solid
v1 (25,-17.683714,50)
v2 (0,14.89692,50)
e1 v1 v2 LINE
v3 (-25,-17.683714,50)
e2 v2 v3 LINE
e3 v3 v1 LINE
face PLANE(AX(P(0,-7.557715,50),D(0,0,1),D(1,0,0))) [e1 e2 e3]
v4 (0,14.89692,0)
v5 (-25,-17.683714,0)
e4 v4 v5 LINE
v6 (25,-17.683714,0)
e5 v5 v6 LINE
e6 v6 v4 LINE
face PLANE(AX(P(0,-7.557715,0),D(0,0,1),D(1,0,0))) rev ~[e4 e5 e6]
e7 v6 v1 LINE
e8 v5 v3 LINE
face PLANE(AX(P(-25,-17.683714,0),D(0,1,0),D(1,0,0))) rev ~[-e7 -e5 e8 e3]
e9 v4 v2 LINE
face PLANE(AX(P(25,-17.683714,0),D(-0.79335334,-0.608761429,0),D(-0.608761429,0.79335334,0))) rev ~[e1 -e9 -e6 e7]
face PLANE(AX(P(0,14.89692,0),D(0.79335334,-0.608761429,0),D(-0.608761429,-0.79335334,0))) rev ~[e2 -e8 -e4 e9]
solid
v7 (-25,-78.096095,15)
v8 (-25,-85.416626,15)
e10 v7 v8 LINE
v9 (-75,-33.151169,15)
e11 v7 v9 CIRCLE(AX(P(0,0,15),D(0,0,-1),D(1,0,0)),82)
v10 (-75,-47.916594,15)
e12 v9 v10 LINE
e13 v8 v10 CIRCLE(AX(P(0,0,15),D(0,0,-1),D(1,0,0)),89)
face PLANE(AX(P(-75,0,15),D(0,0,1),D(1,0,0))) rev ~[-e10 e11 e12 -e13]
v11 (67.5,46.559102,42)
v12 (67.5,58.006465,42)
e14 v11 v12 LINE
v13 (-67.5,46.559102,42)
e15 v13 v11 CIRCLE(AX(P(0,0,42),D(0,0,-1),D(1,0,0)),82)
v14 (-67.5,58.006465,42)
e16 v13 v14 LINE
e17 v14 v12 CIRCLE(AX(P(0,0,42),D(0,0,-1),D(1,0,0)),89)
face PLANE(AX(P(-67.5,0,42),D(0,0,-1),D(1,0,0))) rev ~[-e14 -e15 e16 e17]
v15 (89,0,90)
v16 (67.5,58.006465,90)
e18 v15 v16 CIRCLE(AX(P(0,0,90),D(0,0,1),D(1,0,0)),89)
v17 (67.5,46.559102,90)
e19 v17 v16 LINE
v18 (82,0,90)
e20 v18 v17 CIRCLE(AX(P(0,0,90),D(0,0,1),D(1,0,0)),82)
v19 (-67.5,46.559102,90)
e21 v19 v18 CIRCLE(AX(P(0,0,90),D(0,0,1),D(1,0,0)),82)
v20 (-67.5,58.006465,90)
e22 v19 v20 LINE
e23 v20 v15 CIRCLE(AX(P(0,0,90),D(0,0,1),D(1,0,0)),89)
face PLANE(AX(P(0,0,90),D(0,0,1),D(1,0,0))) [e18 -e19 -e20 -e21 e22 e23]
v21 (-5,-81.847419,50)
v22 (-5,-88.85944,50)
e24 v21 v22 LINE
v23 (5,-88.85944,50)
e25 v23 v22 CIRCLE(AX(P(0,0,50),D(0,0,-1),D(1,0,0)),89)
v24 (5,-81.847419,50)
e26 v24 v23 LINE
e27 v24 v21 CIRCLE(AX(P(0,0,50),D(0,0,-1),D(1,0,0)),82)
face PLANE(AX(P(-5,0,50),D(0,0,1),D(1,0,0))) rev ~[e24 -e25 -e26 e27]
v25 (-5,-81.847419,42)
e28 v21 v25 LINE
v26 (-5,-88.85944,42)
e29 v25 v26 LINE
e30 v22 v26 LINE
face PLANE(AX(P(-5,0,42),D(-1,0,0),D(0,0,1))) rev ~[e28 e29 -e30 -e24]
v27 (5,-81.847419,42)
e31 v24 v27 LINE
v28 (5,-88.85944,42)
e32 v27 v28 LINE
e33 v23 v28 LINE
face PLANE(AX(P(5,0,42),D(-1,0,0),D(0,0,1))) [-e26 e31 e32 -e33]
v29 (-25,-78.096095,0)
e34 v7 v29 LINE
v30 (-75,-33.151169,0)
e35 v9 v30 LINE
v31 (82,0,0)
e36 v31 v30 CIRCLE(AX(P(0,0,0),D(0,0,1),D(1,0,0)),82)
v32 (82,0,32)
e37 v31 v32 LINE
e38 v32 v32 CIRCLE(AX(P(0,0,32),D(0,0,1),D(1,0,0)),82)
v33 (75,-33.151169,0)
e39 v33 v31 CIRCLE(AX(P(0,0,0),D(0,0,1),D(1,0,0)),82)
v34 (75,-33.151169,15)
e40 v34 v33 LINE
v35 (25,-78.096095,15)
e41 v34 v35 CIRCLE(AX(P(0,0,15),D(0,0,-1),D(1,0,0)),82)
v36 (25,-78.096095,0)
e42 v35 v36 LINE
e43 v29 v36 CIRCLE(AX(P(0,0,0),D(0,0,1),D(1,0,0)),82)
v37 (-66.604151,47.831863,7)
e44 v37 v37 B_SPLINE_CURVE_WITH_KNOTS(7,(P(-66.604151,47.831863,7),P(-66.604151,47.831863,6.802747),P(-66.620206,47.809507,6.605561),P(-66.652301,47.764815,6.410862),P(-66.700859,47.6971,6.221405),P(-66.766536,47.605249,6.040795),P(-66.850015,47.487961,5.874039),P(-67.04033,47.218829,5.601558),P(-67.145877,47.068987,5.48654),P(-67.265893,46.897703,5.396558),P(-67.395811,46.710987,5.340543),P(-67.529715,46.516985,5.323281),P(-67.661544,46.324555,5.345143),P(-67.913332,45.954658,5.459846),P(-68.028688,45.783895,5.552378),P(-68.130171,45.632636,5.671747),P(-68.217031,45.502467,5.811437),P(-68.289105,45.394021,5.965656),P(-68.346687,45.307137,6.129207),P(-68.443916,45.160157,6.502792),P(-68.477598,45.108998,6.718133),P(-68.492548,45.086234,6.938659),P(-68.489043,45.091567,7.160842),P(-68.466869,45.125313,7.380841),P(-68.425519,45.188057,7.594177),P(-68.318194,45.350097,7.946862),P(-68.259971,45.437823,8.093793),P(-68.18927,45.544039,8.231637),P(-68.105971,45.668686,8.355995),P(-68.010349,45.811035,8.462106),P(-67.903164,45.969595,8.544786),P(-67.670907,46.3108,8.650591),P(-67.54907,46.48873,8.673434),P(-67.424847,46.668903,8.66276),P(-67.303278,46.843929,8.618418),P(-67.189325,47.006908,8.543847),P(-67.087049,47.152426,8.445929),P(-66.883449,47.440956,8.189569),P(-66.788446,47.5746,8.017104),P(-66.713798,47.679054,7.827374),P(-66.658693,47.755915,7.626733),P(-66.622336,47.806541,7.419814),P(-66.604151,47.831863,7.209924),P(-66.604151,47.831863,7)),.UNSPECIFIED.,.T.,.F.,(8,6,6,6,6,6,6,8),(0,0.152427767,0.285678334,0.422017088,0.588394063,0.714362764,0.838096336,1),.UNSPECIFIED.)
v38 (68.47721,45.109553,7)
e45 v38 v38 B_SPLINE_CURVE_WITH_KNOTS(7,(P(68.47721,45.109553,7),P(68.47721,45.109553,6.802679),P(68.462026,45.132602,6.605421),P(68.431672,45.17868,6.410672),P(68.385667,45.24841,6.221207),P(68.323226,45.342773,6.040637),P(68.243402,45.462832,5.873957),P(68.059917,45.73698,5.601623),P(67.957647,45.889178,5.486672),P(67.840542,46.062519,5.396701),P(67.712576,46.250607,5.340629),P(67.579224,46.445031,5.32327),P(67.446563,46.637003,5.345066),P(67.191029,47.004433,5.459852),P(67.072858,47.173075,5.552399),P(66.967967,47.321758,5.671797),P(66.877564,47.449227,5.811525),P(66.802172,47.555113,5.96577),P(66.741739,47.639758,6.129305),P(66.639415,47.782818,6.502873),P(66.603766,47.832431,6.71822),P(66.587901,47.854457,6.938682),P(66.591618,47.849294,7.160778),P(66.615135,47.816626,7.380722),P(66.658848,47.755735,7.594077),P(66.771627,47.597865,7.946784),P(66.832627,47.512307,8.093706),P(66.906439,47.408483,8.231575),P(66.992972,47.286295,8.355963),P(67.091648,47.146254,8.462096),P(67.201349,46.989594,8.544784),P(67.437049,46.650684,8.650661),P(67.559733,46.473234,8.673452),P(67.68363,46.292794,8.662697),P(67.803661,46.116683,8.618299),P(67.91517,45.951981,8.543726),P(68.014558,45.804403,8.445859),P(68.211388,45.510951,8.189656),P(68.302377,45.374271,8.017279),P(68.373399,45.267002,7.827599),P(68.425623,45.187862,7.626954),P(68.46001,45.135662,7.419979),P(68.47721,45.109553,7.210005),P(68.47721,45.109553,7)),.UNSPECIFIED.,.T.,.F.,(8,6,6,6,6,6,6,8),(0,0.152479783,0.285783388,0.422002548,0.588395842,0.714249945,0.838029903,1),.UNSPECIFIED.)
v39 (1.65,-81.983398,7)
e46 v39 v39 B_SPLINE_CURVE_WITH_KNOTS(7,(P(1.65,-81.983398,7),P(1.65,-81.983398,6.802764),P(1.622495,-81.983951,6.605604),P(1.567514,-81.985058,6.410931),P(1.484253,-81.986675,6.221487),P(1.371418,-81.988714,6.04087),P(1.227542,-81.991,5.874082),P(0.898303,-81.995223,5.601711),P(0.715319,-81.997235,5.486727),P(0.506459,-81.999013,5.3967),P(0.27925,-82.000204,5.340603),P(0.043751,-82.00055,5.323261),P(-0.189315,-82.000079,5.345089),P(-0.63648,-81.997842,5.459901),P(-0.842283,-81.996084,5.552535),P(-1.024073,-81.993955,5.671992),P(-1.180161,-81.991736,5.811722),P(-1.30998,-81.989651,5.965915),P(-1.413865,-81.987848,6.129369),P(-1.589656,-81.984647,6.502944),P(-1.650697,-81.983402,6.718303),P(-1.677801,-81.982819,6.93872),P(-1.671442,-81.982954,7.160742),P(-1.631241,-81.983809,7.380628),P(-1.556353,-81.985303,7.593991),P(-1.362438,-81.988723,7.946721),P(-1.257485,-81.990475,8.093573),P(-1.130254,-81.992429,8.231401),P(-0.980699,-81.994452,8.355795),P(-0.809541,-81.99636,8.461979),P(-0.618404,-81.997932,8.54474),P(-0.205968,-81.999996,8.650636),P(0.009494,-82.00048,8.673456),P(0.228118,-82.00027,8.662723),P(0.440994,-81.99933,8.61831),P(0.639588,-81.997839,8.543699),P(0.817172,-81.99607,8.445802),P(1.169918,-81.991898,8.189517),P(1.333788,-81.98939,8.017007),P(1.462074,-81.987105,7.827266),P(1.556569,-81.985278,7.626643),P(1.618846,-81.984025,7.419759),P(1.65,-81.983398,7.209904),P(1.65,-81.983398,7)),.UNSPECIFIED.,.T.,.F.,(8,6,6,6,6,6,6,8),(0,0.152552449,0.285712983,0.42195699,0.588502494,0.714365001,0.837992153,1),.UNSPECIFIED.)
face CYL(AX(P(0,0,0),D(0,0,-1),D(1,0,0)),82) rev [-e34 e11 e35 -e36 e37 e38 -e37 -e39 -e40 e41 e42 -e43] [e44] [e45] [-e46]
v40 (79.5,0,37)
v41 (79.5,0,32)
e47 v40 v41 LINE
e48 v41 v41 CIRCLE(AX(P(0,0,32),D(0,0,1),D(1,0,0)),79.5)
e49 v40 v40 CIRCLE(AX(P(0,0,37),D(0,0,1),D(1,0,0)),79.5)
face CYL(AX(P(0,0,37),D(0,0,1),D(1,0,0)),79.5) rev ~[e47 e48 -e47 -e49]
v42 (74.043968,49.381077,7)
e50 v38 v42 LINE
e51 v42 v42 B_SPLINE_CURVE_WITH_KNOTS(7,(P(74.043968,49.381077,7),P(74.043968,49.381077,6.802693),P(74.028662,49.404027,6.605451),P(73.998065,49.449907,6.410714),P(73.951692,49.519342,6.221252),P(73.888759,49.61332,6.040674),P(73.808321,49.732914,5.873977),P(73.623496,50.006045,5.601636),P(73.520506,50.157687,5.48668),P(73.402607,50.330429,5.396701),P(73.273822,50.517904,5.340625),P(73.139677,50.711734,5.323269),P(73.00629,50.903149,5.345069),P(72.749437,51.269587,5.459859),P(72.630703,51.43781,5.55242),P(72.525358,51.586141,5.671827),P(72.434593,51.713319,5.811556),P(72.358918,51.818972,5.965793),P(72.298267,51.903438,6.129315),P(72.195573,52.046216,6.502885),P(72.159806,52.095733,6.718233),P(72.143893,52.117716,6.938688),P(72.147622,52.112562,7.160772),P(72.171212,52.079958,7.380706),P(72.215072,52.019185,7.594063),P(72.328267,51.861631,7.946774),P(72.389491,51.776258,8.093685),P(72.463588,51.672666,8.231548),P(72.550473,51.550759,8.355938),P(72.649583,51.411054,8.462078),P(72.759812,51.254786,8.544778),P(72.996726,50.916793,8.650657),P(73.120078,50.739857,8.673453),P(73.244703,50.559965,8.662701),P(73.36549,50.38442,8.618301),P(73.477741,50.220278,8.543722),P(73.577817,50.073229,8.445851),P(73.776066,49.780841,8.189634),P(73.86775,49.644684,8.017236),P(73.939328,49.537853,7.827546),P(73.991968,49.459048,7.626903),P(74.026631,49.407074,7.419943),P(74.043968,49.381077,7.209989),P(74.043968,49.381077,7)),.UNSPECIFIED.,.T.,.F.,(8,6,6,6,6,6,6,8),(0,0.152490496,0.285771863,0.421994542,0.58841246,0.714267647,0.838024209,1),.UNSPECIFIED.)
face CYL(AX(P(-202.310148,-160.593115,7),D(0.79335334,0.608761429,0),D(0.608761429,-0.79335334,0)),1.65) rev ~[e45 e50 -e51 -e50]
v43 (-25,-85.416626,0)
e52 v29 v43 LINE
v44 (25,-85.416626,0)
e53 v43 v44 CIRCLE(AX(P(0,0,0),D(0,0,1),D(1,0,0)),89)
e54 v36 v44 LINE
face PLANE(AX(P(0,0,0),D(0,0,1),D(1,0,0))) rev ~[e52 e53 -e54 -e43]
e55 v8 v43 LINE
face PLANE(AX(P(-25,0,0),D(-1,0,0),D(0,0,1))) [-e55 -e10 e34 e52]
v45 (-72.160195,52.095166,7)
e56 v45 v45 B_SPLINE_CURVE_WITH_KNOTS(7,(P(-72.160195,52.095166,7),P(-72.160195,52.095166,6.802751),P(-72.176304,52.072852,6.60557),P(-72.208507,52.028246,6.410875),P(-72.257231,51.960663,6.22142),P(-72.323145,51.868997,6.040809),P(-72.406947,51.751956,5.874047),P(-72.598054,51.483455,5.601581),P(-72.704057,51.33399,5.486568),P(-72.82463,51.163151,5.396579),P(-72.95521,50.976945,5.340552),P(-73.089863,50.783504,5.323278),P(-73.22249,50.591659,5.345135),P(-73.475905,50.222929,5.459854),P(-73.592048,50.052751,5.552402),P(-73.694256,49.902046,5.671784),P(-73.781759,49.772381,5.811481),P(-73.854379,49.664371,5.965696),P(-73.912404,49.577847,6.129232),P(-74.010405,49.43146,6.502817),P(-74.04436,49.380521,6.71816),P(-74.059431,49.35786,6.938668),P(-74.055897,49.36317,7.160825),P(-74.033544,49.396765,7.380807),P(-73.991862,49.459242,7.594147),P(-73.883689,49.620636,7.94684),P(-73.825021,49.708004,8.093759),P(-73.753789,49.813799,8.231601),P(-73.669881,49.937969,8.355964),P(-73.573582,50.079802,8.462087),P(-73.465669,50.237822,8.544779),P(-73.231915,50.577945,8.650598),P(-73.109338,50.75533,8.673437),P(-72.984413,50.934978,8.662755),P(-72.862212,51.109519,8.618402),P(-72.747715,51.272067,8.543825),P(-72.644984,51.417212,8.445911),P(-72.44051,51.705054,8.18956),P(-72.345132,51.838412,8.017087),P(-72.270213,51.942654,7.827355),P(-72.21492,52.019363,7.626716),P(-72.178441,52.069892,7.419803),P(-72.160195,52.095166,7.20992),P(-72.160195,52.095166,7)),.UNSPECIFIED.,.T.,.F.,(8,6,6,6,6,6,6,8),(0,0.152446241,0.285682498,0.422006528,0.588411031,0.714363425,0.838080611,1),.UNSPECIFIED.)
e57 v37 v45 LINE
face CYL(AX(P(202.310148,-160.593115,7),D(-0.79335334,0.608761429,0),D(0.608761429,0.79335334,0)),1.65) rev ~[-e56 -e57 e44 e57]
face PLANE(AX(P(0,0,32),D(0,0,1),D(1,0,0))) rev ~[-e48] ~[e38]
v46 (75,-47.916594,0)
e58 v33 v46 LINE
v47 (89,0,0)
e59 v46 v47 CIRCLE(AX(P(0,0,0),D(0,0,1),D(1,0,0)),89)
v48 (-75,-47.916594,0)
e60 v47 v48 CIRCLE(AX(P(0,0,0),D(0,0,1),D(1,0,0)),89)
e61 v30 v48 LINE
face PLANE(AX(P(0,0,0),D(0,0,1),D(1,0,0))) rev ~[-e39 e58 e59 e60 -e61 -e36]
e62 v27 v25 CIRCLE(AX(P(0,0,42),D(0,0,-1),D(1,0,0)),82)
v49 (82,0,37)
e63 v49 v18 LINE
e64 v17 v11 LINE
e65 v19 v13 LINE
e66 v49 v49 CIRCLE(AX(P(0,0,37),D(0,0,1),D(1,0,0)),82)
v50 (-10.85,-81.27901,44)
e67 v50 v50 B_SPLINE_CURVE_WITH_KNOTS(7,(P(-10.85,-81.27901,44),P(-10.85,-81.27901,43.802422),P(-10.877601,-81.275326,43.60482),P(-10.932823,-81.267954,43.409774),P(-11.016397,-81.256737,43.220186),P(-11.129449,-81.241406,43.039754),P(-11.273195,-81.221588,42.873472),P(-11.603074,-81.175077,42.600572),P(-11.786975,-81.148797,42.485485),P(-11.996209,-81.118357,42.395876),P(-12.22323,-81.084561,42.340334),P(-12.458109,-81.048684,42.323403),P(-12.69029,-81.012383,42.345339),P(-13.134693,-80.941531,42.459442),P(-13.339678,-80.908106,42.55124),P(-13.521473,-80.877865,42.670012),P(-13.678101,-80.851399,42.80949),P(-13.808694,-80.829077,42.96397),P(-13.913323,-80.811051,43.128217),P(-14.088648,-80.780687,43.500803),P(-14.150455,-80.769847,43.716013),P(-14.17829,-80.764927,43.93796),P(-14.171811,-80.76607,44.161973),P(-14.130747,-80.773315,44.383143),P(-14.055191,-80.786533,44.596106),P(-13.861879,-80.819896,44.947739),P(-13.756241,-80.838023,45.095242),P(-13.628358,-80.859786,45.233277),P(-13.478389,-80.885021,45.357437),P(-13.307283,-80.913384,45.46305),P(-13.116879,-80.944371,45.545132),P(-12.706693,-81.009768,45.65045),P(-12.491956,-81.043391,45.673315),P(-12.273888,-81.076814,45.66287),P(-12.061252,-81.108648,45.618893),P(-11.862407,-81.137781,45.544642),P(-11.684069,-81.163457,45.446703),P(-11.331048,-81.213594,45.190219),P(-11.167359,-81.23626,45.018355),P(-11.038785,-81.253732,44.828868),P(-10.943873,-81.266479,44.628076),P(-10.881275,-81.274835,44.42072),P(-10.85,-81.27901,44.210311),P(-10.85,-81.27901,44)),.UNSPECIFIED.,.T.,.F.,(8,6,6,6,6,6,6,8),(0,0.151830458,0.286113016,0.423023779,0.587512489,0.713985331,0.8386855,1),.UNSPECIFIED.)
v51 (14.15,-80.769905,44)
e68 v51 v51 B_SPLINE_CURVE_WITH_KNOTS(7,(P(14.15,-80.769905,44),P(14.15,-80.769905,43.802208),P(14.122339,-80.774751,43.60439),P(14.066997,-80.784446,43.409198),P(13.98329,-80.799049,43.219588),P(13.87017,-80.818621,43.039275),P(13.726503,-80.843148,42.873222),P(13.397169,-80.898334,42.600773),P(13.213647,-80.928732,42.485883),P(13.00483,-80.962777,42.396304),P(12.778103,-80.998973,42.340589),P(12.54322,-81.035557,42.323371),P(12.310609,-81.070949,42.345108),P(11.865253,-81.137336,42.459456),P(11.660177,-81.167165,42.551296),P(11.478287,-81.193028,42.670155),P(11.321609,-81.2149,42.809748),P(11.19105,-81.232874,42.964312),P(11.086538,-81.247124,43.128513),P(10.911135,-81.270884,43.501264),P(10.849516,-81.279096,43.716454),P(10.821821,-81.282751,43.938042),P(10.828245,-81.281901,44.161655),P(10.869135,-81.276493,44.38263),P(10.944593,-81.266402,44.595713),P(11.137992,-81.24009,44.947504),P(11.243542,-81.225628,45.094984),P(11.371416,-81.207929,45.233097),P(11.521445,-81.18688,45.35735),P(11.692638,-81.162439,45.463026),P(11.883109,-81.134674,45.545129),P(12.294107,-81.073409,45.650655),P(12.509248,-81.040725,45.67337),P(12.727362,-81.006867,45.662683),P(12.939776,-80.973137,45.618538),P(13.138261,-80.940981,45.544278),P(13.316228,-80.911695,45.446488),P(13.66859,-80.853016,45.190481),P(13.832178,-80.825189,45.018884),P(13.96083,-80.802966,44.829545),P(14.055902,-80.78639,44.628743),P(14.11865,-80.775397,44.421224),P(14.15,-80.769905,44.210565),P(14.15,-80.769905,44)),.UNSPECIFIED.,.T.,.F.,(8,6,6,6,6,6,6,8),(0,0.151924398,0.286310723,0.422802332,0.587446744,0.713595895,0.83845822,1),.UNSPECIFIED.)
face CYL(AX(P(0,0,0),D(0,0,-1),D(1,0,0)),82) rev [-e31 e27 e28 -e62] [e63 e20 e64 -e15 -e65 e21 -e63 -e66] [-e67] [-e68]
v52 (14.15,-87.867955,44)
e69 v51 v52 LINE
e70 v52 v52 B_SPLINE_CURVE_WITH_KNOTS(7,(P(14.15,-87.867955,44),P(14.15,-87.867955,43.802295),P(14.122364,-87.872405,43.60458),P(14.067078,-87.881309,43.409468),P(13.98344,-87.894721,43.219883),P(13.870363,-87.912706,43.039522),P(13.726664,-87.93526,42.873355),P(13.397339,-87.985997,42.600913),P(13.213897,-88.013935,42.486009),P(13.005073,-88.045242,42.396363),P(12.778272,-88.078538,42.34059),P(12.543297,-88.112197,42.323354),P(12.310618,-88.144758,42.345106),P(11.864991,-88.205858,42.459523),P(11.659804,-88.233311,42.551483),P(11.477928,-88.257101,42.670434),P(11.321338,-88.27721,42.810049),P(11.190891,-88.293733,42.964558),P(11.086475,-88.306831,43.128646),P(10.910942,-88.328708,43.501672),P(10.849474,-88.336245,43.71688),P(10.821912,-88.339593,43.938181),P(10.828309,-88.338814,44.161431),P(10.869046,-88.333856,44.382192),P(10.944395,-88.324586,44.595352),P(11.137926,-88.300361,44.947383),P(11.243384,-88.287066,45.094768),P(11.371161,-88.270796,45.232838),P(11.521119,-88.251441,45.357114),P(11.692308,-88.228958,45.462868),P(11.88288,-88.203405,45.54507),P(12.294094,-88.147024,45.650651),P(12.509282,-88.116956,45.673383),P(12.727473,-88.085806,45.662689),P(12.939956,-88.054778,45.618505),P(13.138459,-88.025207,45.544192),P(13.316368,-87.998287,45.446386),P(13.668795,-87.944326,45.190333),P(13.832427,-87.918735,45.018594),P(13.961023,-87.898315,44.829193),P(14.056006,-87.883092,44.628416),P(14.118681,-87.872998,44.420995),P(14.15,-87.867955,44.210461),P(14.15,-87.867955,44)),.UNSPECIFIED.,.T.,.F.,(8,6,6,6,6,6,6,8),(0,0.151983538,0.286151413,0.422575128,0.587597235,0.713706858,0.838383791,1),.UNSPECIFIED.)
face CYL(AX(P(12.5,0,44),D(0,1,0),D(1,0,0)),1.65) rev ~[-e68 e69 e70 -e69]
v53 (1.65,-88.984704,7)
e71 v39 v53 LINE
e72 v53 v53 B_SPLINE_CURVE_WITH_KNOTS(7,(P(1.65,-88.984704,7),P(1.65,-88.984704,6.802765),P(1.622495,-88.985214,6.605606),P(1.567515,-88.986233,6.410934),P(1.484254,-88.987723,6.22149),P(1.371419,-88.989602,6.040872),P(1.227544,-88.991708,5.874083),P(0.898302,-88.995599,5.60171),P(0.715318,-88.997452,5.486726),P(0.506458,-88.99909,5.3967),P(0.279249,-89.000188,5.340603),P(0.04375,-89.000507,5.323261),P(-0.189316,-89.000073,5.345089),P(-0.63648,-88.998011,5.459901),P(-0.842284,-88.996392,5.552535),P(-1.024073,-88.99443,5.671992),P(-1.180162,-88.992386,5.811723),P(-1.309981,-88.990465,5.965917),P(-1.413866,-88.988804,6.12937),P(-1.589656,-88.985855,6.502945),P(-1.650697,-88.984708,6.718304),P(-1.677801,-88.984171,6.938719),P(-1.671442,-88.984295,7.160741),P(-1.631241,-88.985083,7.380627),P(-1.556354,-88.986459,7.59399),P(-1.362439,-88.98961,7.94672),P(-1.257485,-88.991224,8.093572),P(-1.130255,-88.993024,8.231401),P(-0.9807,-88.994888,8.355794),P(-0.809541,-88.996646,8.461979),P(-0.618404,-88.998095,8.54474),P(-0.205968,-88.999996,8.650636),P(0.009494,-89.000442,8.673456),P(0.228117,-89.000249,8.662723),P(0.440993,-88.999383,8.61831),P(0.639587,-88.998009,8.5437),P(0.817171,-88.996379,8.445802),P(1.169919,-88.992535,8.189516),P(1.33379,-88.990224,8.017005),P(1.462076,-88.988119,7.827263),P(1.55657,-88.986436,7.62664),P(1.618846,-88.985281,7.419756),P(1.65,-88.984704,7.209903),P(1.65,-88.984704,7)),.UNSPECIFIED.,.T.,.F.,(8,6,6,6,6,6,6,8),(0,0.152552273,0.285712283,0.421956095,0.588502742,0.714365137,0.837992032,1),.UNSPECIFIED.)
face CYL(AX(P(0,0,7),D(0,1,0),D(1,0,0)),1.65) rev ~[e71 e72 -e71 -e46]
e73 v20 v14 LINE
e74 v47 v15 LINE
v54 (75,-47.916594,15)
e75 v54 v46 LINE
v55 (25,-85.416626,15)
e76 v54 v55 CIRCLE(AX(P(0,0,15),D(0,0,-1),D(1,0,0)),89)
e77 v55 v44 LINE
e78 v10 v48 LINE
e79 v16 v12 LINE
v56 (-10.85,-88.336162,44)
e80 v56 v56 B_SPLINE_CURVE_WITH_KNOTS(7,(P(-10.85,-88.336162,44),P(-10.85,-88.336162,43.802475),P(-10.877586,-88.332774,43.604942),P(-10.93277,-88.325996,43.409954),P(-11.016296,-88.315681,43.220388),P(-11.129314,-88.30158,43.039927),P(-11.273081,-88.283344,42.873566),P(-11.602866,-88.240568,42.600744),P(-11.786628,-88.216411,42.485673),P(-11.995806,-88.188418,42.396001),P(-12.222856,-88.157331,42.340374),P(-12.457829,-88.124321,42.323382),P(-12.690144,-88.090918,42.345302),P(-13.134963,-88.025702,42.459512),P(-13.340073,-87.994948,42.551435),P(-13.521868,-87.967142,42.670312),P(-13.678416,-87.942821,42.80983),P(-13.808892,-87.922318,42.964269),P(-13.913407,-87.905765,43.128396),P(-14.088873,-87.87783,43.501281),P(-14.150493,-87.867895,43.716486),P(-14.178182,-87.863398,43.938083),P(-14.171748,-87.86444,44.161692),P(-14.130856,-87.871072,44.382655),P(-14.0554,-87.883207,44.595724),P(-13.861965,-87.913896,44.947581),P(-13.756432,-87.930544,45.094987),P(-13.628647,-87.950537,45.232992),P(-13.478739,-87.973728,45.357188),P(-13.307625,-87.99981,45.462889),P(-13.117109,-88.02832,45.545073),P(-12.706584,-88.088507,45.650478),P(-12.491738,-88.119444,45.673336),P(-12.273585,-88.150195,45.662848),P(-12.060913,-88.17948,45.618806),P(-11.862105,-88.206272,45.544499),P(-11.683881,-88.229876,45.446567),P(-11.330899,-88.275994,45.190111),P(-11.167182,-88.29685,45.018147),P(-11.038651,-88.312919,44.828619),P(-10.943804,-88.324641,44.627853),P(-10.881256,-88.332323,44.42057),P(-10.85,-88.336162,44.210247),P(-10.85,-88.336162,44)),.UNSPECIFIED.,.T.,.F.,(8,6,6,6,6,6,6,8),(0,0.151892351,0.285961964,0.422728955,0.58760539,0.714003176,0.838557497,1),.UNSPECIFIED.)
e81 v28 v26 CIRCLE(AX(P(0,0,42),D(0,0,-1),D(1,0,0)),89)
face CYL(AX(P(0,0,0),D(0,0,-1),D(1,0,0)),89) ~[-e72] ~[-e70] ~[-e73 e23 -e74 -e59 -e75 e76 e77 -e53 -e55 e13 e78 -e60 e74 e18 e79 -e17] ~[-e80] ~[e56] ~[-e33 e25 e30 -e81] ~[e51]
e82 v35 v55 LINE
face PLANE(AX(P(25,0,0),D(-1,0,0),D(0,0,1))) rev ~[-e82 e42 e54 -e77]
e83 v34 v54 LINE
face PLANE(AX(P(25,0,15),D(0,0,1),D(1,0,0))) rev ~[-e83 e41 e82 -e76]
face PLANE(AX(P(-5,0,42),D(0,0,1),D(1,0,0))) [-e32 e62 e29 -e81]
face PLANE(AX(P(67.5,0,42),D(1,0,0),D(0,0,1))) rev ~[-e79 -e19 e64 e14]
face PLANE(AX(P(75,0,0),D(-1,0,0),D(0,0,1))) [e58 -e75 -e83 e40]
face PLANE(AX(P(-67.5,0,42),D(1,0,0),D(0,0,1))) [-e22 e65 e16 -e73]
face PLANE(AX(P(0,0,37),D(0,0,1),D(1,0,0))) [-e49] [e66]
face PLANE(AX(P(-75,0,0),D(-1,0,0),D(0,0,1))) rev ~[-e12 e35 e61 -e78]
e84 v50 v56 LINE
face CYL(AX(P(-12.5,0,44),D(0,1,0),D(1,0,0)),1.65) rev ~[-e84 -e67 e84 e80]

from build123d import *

# Parameters (mm, degrees)
F0_R      = 89
F0_R_2    = 82
F1_DEPTH  = 90
F2_W      = 135
F2_H      = 48
F3_DEPTH  = 130
F4_W      = 10
F4_H      = 8
F5_DEPTH  = 100
F7_D      = 3.3
F7_DEPTH  = 89.001
F9_START  = -5
F8_R      = 82
F8_R_2    = 79.5
F9_DEPTH  = 5
F10_W     = 50
F10_H     = 15
F11_DEPTH = 152.2
F13_DEPTH = 50
F15_D     = 3.3
F17_D     = 3.3


with BuildPart() as f1:
    # F0 (on Top) → F1 (new body)
    with BuildSketch(Plane.XY):
        Circle(F0_R)
        Circle(F0_R_2, mode=Mode.SUBTRACT)
    extrude(amount=F1_DEPTH)

    # F2 (on Front) → F3 (cut)
    with BuildSketch(Plane.XZ):
        with Locations((0, 66)):
            Rectangle(F2_W, F2_H)
    extrude(amount=-F3_DEPTH, mode=Mode.SUBTRACT)

    # F4 (on Front) → F5 (cut)
    with BuildSketch(Plane.XZ):
        with Locations((0, 46)):
            Rectangle(F4_W, F4_H)
    extrude(amount=F5_DEPTH, mode=Mode.SUBTRACT)

    # F7 (through all, one way)
    with BuildSketch(Plane(origin=(0, 0, 0), x_dir=(1, 0, 0), z_dir=(0, 1, 0))):
        with Locations((-12.5, -44), (12.5, -44), (0, -7)):
            Circle(F7_D / 2)
    extrude(amount=-F7_DEPTH, mode=Mode.SUBTRACT)

    # F8 (on face) → F9 (join)
    with BuildSketch(Plane.XY.offset(42).offset(F9_START)):
        Circle(F8_R)
        Circle(F8_R_2, mode=Mode.SUBTRACT)
    extrude(amount=-F9_DEPTH)

    # F10 (on Front) → F11 (cut)
    with BuildSketch(Plane.XZ):
        with Locations((-50, 7.5)):
            Rectangle(F10_W, F10_H)
        with Locations((50, 7.5)):
            Rectangle(F10_W, F10_H)
    extrude(amount=F11_DEPTH, mode=Mode.SUBTRACT)

    # F15 (through all)
    with Locations(Plane(origin=(-7.1946598354, 5.520656661, 0), x_dir=(-0.608761429, -0.7933533403, 0), z_dir=(0.7933533403, -0.608761429, 0))):
        with Locations((4.248469624, -7)):
            Hole(F15_D / 2)

    # F17 (through all)
    with Locations(Plane(origin=(7.1946598354, 5.520656661, 0), x_dir=(-0.608761429, 0.7933533403, 0), z_dir=(-0.7933533403, -0.608761429, 0))):
        with Locations((-4.248469624, -7)):
            Hole(F17_D / 2)


with BuildPart() as f13:
    # F12 (on Top) → F13 (new body)
    with BuildSketch(Plane.XY):
        Polygon((0, 14.8969199074), (-25, -17.6837144136), (25, -17.6837144136), align=None)
    extrude(amount=F13_DEPTH)


solid = Compound([f1.part, f13.part])
